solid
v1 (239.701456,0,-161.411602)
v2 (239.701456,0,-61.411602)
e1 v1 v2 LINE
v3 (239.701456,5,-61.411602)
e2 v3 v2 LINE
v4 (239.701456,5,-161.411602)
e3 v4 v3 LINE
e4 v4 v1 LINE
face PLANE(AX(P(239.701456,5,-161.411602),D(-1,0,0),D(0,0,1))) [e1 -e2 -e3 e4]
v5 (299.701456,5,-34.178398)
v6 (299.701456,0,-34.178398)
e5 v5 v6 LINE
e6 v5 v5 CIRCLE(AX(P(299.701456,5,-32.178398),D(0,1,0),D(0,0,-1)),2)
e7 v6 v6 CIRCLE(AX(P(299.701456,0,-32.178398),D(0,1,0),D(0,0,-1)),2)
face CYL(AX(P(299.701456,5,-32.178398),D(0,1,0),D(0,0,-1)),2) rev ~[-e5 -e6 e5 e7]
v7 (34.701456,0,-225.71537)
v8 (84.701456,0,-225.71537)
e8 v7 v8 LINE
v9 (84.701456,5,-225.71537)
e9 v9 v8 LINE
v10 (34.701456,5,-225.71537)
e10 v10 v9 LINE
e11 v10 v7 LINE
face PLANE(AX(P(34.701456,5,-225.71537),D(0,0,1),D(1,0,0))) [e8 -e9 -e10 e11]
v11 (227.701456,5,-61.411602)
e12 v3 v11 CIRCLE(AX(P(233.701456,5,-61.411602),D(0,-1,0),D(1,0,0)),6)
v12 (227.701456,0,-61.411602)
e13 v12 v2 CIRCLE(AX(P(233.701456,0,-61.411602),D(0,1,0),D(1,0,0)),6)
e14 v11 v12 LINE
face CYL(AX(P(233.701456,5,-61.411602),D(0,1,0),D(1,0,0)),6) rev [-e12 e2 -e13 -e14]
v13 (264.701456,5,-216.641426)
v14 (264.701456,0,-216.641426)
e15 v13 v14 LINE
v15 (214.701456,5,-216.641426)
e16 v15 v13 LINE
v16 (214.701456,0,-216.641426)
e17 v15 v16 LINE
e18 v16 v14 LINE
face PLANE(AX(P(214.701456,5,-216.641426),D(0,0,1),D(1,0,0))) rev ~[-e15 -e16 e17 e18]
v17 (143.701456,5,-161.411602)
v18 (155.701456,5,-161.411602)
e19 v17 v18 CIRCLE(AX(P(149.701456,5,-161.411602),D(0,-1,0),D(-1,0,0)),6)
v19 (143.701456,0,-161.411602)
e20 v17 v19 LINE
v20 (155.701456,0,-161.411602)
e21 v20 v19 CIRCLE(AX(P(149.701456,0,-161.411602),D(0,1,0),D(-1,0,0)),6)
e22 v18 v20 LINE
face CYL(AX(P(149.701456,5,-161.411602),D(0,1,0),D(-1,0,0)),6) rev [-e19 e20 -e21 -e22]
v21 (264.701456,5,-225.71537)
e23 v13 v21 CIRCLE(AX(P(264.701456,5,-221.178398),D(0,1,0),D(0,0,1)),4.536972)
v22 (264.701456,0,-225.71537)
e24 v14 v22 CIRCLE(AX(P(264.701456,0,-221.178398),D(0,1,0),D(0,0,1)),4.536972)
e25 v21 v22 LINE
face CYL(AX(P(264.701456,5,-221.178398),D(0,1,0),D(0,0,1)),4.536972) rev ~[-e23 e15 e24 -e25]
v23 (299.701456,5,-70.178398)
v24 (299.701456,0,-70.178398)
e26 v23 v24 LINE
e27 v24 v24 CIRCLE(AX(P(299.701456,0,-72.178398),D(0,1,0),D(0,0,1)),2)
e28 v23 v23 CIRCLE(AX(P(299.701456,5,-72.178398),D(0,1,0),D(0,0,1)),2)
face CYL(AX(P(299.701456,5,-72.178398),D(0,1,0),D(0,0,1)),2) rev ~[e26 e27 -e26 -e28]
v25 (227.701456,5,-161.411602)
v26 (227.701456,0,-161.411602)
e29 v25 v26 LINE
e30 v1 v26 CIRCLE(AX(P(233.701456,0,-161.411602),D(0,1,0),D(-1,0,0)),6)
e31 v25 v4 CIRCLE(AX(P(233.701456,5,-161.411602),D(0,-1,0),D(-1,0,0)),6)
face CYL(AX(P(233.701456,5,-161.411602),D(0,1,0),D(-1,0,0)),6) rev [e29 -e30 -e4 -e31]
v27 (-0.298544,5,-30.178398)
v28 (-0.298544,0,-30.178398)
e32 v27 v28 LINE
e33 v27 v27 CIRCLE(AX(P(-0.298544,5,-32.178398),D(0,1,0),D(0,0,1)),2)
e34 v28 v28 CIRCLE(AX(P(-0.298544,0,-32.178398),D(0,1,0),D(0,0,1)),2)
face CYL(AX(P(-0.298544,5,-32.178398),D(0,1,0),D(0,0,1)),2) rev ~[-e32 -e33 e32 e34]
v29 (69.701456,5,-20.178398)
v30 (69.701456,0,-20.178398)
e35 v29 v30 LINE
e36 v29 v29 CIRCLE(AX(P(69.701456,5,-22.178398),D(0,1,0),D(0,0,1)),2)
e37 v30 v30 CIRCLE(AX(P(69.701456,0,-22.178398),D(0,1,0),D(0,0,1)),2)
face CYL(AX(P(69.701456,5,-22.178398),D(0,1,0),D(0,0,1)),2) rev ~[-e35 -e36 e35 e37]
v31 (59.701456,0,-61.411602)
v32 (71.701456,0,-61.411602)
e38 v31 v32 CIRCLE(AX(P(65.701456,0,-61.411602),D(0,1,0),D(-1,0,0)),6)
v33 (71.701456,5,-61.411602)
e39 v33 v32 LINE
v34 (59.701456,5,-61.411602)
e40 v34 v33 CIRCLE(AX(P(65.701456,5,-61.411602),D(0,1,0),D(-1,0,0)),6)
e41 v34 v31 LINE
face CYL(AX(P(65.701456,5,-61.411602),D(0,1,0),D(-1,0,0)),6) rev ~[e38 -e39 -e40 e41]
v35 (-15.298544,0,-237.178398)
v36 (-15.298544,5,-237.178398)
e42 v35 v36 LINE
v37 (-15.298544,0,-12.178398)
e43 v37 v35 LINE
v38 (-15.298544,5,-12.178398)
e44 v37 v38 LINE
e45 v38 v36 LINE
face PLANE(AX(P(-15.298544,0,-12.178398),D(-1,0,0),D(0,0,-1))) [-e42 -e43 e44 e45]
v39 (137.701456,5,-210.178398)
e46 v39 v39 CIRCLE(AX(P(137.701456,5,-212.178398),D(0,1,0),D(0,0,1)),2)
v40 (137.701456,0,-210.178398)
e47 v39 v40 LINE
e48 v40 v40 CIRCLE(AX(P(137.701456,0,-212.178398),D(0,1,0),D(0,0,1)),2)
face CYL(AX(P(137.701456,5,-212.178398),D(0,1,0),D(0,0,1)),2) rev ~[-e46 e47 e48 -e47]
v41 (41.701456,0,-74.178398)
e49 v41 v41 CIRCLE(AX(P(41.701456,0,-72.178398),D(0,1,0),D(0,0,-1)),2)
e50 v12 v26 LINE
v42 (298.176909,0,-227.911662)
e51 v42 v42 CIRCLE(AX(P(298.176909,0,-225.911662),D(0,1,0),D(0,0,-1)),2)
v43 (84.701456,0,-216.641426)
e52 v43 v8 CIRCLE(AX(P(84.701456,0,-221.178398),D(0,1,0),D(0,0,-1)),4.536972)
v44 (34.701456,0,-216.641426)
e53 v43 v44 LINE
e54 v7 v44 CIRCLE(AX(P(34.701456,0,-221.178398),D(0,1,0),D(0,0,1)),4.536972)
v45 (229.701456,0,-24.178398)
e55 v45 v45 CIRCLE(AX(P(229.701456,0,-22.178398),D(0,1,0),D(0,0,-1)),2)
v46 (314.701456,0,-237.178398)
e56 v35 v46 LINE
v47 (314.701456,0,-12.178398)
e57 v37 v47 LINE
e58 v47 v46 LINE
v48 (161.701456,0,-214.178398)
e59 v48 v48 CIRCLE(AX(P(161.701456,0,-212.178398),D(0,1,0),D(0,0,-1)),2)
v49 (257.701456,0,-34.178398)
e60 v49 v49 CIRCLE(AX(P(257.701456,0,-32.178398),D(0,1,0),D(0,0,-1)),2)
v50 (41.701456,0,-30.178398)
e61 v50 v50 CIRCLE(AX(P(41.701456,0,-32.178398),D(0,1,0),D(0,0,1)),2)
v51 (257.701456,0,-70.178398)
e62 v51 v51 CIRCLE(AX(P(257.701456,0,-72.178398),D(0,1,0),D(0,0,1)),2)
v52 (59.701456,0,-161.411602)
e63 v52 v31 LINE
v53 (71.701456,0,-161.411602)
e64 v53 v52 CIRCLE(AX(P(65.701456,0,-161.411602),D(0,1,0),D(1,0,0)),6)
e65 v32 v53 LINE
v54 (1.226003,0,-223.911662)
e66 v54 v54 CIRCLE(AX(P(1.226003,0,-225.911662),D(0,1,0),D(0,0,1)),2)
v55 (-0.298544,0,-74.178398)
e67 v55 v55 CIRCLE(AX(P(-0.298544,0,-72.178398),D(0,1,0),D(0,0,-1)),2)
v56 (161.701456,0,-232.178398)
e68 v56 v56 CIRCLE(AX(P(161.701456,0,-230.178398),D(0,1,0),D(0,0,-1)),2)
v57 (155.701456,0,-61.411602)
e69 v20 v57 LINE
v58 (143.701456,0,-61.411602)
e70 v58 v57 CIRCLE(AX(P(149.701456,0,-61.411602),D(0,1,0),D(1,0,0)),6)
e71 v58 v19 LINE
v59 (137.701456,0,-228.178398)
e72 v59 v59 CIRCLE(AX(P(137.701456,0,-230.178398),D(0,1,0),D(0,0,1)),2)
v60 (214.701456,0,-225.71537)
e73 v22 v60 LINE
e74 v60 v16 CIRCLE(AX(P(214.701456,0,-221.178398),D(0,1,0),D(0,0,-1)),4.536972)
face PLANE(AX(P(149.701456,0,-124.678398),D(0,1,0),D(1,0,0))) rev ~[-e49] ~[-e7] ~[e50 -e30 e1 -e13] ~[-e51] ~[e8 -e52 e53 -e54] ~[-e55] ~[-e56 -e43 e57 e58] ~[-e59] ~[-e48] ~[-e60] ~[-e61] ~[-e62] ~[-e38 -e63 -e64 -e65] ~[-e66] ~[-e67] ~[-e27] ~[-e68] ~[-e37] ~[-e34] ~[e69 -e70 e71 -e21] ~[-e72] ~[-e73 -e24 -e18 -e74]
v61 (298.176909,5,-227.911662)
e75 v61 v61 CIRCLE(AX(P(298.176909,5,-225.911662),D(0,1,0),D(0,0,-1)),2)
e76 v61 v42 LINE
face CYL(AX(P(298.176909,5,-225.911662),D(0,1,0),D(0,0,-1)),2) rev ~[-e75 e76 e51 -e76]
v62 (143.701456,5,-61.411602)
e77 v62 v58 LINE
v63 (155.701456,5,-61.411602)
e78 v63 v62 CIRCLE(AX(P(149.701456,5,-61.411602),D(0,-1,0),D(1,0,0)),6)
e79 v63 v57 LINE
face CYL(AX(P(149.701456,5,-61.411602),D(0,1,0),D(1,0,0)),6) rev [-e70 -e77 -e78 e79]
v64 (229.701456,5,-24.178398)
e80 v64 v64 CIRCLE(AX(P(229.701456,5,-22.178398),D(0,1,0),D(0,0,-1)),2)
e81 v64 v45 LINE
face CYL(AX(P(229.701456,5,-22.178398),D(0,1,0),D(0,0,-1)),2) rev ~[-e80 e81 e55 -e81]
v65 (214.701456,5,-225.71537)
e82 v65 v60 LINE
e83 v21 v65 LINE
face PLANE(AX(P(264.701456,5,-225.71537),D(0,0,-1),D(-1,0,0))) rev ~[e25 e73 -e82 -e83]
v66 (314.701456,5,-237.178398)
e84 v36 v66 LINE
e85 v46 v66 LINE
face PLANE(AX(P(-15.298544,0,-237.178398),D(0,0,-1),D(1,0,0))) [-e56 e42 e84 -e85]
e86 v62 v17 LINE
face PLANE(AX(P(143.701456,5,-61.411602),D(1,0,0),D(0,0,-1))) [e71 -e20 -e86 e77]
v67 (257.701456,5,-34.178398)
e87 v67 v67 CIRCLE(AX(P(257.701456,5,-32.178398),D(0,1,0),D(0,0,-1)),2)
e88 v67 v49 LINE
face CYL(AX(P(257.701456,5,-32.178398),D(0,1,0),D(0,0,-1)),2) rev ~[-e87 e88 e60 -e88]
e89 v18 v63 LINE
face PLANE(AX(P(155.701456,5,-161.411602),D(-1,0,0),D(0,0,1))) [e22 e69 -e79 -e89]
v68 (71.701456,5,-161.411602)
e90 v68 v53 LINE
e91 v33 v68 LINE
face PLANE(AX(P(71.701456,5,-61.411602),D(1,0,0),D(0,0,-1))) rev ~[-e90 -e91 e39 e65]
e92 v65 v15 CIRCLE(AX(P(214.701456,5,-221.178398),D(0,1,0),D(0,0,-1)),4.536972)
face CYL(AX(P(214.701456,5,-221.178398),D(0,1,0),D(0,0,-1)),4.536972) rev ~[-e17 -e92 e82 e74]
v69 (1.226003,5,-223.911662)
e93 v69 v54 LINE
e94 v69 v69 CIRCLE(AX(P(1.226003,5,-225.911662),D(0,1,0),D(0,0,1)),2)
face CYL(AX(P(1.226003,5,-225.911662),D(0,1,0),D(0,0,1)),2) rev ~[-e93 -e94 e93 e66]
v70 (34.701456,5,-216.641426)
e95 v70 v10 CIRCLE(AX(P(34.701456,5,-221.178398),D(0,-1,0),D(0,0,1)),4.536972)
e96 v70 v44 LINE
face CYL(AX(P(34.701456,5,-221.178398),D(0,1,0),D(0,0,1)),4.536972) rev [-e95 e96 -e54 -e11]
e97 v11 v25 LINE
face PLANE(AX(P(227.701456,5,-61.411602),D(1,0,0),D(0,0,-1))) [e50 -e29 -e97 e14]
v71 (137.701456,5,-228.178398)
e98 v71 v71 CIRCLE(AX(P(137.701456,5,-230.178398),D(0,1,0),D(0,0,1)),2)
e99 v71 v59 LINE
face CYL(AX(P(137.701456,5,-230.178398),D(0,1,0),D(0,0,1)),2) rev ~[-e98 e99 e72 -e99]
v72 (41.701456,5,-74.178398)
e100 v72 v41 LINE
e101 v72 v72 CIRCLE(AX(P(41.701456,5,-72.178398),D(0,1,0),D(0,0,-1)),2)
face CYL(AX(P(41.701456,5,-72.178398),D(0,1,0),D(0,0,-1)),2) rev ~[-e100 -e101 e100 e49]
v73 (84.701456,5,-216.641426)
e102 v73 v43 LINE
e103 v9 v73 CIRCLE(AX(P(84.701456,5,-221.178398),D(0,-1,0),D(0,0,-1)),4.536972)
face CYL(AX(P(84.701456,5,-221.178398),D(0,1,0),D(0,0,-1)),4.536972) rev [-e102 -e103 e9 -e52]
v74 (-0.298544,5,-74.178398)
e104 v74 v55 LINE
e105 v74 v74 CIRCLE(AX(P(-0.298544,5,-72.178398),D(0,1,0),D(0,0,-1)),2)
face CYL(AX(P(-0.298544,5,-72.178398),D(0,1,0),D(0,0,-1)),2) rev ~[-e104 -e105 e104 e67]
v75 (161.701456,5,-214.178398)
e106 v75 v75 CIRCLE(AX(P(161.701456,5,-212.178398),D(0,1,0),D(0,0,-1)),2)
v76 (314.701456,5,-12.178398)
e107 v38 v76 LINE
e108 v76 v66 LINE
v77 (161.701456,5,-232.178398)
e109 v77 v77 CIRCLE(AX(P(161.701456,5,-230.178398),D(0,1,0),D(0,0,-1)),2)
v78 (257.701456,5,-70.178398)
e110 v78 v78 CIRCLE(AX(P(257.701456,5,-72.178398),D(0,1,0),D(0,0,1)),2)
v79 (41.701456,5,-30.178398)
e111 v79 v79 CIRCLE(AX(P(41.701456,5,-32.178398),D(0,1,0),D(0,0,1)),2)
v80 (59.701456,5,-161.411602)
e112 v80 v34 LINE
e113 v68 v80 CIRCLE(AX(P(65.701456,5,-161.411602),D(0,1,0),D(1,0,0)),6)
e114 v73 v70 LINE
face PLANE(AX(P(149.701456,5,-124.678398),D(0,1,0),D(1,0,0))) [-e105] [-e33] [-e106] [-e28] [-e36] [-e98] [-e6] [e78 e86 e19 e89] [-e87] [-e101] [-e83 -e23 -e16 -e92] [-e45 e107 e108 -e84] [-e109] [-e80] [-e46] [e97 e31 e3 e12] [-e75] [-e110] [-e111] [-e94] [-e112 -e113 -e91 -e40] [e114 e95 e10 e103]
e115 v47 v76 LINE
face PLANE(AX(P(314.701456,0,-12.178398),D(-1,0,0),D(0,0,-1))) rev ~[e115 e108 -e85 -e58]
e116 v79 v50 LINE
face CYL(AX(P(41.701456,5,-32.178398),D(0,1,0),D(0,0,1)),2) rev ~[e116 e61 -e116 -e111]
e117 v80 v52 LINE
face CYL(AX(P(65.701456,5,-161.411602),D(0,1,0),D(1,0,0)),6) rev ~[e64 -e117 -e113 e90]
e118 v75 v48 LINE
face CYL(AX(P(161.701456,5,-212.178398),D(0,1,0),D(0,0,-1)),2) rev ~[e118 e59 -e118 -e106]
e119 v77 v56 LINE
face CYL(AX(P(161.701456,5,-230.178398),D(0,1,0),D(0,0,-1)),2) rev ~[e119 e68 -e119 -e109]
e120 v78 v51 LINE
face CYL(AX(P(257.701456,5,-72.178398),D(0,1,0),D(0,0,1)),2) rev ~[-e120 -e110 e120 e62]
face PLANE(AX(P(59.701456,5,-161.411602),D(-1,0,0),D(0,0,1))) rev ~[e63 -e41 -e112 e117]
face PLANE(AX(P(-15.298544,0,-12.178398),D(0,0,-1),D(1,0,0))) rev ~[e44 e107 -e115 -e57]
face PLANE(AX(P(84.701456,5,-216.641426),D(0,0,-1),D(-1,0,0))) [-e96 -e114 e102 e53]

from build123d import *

# Parameters (mm, degrees)
SKETCH_1_W          = 330
SKETCH_1_H          = 225
EXTRUDE_1_DEPTH     = 5
SKETCH_2_R          = 2
CUT_EXTRUDE_1_DEPTH = 395.101001153
SKETCH_3_R          = 2
CUT_EXTRUDE_2_DEPTH = 395.101001153
CUT_EXTRUDE_4_DEPTH = 395.101001153
SKETCH_6_R          = 2
CUT_EXTRUDE_5_DEPTH = 395.101001153


with BuildPart() as part:
    # 草图1 → 凸台-拉伸1 (new body)
    with BuildSketch(Plane(origin=(0, 0, 0), x_dir=(1, 0, 0), z_dir=(0, 1, 0))):
        with Locations((149.701456311, 124.678398058)):
            Rectangle(SKETCH_1_W, SKETCH_1_H)
    extrude(amount=EXTRUDE_1_DEPTH)

    # 草图2 → 切除-拉伸1 (cut, through all)
    with BuildSketch(Plane(origin=(0, 5, 0), x_dir=(1, 0, 0), z_dir=(0, 1, 0))):
        with Locations(Location((137.701456311, 230.178398058, 0), (0, 0, 270))):
            Circle(SKETCH_2_R)
        with Locations(Location((161.701456311, 230.178398058, 0), (0, 0, 90))):
            Circle(SKETCH_2_R)
        with Locations(Location((137.701456311, 212.178398058, 0), (0, 0, 270))):
            Circle(SKETCH_2_R)
        with Locations(Location((161.701456311, 212.178398058, 0), (0, 0, 90))):
            Circle(SKETCH_2_R)
        with BuildLine():
            Line((34.701456311, 225.715369926), (84.701456311, 225.715369926))
            ThreePointArc((84.701456311, 225.715369926), (89.238428179, 221.178398058), (84.701456311, 216.64142619))
            Line((84.701456311, 216.64142619), (34.701456311, 216.64142619))
            ThreePointArc((34.701456311, 216.64142619), (30.164484443, 221.178398058), (34.701456311, 225.715369926))
        make_face()
        with BuildLine():
            Line((264.701456311, 225.715369926), (214.701456311, 225.715369926))
            ThreePointArc((214.701456311, 225.715369926), (210.164484443, 221.178398058), (214.701456311, 216.64142619))
            Line((214.701456311, 216.64142619), (264.701456311, 216.64142619))
            ThreePointArc((264.701456311, 216.64142619), (269.238428179, 221.178398058), (264.701456311, 225.715369926))
        make_face()
    extrude(amount=-CUT_EXTRUDE_1_DEPTH, mode=Mode.SUBTRACT)

    # 草图3 → 切除-拉伸2 (cut, through all)
    with BuildSketch(Plane(origin=(0, 5, 0), x_dir=(1, 0, 0), z_dir=(0, 1, 0))):
        with Locations(Location((-0.298543689, 32.178398058, 0), (0, 0, 270))):
            Circle(SKETCH_3_R)
        with Locations(Location((-0.298543689, 72.178398058, 0), (0, 0, 90))):
            Circle(SKETCH_3_R)
        with Locations(Location((41.701456311, 32.178398058, 0), (0, 0, 270))):
            Circle(SKETCH_3_R)
        with Locations(Location((41.701456311, 72.178398058, 0), (0, 0, 90))):
            Circle(SKETCH_3_R)
        with Locations(Location((257.701456311, 72.178398058, 0), (0, 0, 270))):
            Circle(SKETCH_3_R)
        with Locations(Location((257.701456311, 32.178398058, 0), (0, 0, 90))):
            Circle(SKETCH_3_R)
        with Locations(Location((299.701456311, 72.178398058, 0), (0, 0, 270))):
            Circle(SKETCH_3_R)
        with Locations(Location((299.701456311, 32.178398058, 0), (0, 0, 90))):
            Circle(SKETCH_3_R)
    extrude(amount=-CUT_EXTRUDE_2_DEPTH, mode=Mode.SUBTRACT)

    # 草图5 → 切除-拉伸4 (cut, through all)
    with BuildSketch(Plane(origin=(0, 5, 0), x_dir=(1, 0, 0), z_dir=(0, 1, 0))):
        with BuildLine():
            Line((155.701456311, 161.411602286), (155.701456311, 61.411602286))
            ThreePointArc((155.701456311, 61.411602286), (149.701456311, 55.411602286), (143.701456311, 61.411602286))
            Line((143.701456311, 61.411602286), (143.701456311, 161.411602286))
            ThreePointArc((143.701456311, 161.411602286), (149.701456311, 167.411602286), (155.701456311, 161.411602286))
        make_face()
        with BuildLine():
            Line((239.701456311, 161.411602286), (239.701456311, 61.411602286))
            ThreePointArc((239.701456311, 61.411602286), (233.701456311, 55.411602286), (227.701456311, 61.411602286))
            Line((227.701456311, 61.411602286), (227.701456311, 161.411602286))
            ThreePointArc((227.701456311, 161.411602286), (233.701456311, 167.411602286), (239.701456311, 161.411602286))
        make_face()
        with BuildLine():
            Line((59.701456311, 161.411602286), (59.701456311, 61.411602286))
            ThreePointArc((59.701456311, 61.411602286), (65.701456311, 55.411602286), (71.701456311, 61.411602286))
            Line((71.701456311, 61.411602286), (71.701456311, 161.411602286))
            ThreePointArc((71.701456311, 161.411602286), (65.701456311, 167.411602286), (59.701456311, 161.411602286))
        make_face()
    extrude(amount=-CUT_EXTRUDE_4_DEPTH, mode=Mode.SUBTRACT)

    # 草图6 → 切除-拉伸5 (cut, through all)
    with BuildSketch(Plane(origin=(0, 5, 0), x_dir=(1, 0, 0), z_dir=(0, 1, 0))):
        with Locations(Location((1.226003167, 225.911661565, 0), (0, 0, 270))):
            Circle(SKETCH_6_R)
        with Locations(Location((298.176909455, 225.911661565, 0), (0, 0, 90))):
            Circle(SKETCH_6_R)
        with Locations(Location((69.701456311, 22.178398058, 0), (0, 0, 270))):
            Circle(SKETCH_6_R)
        with Locations(Location((229.701456311, 22.178398058, 0), (0, 0, 90))):
            Circle(SKETCH_6_R)
    extrude(amount=-CUT_EXTRUDE_5_DEPTH, mode=Mode.SUBTRACT)


solid = part.part
